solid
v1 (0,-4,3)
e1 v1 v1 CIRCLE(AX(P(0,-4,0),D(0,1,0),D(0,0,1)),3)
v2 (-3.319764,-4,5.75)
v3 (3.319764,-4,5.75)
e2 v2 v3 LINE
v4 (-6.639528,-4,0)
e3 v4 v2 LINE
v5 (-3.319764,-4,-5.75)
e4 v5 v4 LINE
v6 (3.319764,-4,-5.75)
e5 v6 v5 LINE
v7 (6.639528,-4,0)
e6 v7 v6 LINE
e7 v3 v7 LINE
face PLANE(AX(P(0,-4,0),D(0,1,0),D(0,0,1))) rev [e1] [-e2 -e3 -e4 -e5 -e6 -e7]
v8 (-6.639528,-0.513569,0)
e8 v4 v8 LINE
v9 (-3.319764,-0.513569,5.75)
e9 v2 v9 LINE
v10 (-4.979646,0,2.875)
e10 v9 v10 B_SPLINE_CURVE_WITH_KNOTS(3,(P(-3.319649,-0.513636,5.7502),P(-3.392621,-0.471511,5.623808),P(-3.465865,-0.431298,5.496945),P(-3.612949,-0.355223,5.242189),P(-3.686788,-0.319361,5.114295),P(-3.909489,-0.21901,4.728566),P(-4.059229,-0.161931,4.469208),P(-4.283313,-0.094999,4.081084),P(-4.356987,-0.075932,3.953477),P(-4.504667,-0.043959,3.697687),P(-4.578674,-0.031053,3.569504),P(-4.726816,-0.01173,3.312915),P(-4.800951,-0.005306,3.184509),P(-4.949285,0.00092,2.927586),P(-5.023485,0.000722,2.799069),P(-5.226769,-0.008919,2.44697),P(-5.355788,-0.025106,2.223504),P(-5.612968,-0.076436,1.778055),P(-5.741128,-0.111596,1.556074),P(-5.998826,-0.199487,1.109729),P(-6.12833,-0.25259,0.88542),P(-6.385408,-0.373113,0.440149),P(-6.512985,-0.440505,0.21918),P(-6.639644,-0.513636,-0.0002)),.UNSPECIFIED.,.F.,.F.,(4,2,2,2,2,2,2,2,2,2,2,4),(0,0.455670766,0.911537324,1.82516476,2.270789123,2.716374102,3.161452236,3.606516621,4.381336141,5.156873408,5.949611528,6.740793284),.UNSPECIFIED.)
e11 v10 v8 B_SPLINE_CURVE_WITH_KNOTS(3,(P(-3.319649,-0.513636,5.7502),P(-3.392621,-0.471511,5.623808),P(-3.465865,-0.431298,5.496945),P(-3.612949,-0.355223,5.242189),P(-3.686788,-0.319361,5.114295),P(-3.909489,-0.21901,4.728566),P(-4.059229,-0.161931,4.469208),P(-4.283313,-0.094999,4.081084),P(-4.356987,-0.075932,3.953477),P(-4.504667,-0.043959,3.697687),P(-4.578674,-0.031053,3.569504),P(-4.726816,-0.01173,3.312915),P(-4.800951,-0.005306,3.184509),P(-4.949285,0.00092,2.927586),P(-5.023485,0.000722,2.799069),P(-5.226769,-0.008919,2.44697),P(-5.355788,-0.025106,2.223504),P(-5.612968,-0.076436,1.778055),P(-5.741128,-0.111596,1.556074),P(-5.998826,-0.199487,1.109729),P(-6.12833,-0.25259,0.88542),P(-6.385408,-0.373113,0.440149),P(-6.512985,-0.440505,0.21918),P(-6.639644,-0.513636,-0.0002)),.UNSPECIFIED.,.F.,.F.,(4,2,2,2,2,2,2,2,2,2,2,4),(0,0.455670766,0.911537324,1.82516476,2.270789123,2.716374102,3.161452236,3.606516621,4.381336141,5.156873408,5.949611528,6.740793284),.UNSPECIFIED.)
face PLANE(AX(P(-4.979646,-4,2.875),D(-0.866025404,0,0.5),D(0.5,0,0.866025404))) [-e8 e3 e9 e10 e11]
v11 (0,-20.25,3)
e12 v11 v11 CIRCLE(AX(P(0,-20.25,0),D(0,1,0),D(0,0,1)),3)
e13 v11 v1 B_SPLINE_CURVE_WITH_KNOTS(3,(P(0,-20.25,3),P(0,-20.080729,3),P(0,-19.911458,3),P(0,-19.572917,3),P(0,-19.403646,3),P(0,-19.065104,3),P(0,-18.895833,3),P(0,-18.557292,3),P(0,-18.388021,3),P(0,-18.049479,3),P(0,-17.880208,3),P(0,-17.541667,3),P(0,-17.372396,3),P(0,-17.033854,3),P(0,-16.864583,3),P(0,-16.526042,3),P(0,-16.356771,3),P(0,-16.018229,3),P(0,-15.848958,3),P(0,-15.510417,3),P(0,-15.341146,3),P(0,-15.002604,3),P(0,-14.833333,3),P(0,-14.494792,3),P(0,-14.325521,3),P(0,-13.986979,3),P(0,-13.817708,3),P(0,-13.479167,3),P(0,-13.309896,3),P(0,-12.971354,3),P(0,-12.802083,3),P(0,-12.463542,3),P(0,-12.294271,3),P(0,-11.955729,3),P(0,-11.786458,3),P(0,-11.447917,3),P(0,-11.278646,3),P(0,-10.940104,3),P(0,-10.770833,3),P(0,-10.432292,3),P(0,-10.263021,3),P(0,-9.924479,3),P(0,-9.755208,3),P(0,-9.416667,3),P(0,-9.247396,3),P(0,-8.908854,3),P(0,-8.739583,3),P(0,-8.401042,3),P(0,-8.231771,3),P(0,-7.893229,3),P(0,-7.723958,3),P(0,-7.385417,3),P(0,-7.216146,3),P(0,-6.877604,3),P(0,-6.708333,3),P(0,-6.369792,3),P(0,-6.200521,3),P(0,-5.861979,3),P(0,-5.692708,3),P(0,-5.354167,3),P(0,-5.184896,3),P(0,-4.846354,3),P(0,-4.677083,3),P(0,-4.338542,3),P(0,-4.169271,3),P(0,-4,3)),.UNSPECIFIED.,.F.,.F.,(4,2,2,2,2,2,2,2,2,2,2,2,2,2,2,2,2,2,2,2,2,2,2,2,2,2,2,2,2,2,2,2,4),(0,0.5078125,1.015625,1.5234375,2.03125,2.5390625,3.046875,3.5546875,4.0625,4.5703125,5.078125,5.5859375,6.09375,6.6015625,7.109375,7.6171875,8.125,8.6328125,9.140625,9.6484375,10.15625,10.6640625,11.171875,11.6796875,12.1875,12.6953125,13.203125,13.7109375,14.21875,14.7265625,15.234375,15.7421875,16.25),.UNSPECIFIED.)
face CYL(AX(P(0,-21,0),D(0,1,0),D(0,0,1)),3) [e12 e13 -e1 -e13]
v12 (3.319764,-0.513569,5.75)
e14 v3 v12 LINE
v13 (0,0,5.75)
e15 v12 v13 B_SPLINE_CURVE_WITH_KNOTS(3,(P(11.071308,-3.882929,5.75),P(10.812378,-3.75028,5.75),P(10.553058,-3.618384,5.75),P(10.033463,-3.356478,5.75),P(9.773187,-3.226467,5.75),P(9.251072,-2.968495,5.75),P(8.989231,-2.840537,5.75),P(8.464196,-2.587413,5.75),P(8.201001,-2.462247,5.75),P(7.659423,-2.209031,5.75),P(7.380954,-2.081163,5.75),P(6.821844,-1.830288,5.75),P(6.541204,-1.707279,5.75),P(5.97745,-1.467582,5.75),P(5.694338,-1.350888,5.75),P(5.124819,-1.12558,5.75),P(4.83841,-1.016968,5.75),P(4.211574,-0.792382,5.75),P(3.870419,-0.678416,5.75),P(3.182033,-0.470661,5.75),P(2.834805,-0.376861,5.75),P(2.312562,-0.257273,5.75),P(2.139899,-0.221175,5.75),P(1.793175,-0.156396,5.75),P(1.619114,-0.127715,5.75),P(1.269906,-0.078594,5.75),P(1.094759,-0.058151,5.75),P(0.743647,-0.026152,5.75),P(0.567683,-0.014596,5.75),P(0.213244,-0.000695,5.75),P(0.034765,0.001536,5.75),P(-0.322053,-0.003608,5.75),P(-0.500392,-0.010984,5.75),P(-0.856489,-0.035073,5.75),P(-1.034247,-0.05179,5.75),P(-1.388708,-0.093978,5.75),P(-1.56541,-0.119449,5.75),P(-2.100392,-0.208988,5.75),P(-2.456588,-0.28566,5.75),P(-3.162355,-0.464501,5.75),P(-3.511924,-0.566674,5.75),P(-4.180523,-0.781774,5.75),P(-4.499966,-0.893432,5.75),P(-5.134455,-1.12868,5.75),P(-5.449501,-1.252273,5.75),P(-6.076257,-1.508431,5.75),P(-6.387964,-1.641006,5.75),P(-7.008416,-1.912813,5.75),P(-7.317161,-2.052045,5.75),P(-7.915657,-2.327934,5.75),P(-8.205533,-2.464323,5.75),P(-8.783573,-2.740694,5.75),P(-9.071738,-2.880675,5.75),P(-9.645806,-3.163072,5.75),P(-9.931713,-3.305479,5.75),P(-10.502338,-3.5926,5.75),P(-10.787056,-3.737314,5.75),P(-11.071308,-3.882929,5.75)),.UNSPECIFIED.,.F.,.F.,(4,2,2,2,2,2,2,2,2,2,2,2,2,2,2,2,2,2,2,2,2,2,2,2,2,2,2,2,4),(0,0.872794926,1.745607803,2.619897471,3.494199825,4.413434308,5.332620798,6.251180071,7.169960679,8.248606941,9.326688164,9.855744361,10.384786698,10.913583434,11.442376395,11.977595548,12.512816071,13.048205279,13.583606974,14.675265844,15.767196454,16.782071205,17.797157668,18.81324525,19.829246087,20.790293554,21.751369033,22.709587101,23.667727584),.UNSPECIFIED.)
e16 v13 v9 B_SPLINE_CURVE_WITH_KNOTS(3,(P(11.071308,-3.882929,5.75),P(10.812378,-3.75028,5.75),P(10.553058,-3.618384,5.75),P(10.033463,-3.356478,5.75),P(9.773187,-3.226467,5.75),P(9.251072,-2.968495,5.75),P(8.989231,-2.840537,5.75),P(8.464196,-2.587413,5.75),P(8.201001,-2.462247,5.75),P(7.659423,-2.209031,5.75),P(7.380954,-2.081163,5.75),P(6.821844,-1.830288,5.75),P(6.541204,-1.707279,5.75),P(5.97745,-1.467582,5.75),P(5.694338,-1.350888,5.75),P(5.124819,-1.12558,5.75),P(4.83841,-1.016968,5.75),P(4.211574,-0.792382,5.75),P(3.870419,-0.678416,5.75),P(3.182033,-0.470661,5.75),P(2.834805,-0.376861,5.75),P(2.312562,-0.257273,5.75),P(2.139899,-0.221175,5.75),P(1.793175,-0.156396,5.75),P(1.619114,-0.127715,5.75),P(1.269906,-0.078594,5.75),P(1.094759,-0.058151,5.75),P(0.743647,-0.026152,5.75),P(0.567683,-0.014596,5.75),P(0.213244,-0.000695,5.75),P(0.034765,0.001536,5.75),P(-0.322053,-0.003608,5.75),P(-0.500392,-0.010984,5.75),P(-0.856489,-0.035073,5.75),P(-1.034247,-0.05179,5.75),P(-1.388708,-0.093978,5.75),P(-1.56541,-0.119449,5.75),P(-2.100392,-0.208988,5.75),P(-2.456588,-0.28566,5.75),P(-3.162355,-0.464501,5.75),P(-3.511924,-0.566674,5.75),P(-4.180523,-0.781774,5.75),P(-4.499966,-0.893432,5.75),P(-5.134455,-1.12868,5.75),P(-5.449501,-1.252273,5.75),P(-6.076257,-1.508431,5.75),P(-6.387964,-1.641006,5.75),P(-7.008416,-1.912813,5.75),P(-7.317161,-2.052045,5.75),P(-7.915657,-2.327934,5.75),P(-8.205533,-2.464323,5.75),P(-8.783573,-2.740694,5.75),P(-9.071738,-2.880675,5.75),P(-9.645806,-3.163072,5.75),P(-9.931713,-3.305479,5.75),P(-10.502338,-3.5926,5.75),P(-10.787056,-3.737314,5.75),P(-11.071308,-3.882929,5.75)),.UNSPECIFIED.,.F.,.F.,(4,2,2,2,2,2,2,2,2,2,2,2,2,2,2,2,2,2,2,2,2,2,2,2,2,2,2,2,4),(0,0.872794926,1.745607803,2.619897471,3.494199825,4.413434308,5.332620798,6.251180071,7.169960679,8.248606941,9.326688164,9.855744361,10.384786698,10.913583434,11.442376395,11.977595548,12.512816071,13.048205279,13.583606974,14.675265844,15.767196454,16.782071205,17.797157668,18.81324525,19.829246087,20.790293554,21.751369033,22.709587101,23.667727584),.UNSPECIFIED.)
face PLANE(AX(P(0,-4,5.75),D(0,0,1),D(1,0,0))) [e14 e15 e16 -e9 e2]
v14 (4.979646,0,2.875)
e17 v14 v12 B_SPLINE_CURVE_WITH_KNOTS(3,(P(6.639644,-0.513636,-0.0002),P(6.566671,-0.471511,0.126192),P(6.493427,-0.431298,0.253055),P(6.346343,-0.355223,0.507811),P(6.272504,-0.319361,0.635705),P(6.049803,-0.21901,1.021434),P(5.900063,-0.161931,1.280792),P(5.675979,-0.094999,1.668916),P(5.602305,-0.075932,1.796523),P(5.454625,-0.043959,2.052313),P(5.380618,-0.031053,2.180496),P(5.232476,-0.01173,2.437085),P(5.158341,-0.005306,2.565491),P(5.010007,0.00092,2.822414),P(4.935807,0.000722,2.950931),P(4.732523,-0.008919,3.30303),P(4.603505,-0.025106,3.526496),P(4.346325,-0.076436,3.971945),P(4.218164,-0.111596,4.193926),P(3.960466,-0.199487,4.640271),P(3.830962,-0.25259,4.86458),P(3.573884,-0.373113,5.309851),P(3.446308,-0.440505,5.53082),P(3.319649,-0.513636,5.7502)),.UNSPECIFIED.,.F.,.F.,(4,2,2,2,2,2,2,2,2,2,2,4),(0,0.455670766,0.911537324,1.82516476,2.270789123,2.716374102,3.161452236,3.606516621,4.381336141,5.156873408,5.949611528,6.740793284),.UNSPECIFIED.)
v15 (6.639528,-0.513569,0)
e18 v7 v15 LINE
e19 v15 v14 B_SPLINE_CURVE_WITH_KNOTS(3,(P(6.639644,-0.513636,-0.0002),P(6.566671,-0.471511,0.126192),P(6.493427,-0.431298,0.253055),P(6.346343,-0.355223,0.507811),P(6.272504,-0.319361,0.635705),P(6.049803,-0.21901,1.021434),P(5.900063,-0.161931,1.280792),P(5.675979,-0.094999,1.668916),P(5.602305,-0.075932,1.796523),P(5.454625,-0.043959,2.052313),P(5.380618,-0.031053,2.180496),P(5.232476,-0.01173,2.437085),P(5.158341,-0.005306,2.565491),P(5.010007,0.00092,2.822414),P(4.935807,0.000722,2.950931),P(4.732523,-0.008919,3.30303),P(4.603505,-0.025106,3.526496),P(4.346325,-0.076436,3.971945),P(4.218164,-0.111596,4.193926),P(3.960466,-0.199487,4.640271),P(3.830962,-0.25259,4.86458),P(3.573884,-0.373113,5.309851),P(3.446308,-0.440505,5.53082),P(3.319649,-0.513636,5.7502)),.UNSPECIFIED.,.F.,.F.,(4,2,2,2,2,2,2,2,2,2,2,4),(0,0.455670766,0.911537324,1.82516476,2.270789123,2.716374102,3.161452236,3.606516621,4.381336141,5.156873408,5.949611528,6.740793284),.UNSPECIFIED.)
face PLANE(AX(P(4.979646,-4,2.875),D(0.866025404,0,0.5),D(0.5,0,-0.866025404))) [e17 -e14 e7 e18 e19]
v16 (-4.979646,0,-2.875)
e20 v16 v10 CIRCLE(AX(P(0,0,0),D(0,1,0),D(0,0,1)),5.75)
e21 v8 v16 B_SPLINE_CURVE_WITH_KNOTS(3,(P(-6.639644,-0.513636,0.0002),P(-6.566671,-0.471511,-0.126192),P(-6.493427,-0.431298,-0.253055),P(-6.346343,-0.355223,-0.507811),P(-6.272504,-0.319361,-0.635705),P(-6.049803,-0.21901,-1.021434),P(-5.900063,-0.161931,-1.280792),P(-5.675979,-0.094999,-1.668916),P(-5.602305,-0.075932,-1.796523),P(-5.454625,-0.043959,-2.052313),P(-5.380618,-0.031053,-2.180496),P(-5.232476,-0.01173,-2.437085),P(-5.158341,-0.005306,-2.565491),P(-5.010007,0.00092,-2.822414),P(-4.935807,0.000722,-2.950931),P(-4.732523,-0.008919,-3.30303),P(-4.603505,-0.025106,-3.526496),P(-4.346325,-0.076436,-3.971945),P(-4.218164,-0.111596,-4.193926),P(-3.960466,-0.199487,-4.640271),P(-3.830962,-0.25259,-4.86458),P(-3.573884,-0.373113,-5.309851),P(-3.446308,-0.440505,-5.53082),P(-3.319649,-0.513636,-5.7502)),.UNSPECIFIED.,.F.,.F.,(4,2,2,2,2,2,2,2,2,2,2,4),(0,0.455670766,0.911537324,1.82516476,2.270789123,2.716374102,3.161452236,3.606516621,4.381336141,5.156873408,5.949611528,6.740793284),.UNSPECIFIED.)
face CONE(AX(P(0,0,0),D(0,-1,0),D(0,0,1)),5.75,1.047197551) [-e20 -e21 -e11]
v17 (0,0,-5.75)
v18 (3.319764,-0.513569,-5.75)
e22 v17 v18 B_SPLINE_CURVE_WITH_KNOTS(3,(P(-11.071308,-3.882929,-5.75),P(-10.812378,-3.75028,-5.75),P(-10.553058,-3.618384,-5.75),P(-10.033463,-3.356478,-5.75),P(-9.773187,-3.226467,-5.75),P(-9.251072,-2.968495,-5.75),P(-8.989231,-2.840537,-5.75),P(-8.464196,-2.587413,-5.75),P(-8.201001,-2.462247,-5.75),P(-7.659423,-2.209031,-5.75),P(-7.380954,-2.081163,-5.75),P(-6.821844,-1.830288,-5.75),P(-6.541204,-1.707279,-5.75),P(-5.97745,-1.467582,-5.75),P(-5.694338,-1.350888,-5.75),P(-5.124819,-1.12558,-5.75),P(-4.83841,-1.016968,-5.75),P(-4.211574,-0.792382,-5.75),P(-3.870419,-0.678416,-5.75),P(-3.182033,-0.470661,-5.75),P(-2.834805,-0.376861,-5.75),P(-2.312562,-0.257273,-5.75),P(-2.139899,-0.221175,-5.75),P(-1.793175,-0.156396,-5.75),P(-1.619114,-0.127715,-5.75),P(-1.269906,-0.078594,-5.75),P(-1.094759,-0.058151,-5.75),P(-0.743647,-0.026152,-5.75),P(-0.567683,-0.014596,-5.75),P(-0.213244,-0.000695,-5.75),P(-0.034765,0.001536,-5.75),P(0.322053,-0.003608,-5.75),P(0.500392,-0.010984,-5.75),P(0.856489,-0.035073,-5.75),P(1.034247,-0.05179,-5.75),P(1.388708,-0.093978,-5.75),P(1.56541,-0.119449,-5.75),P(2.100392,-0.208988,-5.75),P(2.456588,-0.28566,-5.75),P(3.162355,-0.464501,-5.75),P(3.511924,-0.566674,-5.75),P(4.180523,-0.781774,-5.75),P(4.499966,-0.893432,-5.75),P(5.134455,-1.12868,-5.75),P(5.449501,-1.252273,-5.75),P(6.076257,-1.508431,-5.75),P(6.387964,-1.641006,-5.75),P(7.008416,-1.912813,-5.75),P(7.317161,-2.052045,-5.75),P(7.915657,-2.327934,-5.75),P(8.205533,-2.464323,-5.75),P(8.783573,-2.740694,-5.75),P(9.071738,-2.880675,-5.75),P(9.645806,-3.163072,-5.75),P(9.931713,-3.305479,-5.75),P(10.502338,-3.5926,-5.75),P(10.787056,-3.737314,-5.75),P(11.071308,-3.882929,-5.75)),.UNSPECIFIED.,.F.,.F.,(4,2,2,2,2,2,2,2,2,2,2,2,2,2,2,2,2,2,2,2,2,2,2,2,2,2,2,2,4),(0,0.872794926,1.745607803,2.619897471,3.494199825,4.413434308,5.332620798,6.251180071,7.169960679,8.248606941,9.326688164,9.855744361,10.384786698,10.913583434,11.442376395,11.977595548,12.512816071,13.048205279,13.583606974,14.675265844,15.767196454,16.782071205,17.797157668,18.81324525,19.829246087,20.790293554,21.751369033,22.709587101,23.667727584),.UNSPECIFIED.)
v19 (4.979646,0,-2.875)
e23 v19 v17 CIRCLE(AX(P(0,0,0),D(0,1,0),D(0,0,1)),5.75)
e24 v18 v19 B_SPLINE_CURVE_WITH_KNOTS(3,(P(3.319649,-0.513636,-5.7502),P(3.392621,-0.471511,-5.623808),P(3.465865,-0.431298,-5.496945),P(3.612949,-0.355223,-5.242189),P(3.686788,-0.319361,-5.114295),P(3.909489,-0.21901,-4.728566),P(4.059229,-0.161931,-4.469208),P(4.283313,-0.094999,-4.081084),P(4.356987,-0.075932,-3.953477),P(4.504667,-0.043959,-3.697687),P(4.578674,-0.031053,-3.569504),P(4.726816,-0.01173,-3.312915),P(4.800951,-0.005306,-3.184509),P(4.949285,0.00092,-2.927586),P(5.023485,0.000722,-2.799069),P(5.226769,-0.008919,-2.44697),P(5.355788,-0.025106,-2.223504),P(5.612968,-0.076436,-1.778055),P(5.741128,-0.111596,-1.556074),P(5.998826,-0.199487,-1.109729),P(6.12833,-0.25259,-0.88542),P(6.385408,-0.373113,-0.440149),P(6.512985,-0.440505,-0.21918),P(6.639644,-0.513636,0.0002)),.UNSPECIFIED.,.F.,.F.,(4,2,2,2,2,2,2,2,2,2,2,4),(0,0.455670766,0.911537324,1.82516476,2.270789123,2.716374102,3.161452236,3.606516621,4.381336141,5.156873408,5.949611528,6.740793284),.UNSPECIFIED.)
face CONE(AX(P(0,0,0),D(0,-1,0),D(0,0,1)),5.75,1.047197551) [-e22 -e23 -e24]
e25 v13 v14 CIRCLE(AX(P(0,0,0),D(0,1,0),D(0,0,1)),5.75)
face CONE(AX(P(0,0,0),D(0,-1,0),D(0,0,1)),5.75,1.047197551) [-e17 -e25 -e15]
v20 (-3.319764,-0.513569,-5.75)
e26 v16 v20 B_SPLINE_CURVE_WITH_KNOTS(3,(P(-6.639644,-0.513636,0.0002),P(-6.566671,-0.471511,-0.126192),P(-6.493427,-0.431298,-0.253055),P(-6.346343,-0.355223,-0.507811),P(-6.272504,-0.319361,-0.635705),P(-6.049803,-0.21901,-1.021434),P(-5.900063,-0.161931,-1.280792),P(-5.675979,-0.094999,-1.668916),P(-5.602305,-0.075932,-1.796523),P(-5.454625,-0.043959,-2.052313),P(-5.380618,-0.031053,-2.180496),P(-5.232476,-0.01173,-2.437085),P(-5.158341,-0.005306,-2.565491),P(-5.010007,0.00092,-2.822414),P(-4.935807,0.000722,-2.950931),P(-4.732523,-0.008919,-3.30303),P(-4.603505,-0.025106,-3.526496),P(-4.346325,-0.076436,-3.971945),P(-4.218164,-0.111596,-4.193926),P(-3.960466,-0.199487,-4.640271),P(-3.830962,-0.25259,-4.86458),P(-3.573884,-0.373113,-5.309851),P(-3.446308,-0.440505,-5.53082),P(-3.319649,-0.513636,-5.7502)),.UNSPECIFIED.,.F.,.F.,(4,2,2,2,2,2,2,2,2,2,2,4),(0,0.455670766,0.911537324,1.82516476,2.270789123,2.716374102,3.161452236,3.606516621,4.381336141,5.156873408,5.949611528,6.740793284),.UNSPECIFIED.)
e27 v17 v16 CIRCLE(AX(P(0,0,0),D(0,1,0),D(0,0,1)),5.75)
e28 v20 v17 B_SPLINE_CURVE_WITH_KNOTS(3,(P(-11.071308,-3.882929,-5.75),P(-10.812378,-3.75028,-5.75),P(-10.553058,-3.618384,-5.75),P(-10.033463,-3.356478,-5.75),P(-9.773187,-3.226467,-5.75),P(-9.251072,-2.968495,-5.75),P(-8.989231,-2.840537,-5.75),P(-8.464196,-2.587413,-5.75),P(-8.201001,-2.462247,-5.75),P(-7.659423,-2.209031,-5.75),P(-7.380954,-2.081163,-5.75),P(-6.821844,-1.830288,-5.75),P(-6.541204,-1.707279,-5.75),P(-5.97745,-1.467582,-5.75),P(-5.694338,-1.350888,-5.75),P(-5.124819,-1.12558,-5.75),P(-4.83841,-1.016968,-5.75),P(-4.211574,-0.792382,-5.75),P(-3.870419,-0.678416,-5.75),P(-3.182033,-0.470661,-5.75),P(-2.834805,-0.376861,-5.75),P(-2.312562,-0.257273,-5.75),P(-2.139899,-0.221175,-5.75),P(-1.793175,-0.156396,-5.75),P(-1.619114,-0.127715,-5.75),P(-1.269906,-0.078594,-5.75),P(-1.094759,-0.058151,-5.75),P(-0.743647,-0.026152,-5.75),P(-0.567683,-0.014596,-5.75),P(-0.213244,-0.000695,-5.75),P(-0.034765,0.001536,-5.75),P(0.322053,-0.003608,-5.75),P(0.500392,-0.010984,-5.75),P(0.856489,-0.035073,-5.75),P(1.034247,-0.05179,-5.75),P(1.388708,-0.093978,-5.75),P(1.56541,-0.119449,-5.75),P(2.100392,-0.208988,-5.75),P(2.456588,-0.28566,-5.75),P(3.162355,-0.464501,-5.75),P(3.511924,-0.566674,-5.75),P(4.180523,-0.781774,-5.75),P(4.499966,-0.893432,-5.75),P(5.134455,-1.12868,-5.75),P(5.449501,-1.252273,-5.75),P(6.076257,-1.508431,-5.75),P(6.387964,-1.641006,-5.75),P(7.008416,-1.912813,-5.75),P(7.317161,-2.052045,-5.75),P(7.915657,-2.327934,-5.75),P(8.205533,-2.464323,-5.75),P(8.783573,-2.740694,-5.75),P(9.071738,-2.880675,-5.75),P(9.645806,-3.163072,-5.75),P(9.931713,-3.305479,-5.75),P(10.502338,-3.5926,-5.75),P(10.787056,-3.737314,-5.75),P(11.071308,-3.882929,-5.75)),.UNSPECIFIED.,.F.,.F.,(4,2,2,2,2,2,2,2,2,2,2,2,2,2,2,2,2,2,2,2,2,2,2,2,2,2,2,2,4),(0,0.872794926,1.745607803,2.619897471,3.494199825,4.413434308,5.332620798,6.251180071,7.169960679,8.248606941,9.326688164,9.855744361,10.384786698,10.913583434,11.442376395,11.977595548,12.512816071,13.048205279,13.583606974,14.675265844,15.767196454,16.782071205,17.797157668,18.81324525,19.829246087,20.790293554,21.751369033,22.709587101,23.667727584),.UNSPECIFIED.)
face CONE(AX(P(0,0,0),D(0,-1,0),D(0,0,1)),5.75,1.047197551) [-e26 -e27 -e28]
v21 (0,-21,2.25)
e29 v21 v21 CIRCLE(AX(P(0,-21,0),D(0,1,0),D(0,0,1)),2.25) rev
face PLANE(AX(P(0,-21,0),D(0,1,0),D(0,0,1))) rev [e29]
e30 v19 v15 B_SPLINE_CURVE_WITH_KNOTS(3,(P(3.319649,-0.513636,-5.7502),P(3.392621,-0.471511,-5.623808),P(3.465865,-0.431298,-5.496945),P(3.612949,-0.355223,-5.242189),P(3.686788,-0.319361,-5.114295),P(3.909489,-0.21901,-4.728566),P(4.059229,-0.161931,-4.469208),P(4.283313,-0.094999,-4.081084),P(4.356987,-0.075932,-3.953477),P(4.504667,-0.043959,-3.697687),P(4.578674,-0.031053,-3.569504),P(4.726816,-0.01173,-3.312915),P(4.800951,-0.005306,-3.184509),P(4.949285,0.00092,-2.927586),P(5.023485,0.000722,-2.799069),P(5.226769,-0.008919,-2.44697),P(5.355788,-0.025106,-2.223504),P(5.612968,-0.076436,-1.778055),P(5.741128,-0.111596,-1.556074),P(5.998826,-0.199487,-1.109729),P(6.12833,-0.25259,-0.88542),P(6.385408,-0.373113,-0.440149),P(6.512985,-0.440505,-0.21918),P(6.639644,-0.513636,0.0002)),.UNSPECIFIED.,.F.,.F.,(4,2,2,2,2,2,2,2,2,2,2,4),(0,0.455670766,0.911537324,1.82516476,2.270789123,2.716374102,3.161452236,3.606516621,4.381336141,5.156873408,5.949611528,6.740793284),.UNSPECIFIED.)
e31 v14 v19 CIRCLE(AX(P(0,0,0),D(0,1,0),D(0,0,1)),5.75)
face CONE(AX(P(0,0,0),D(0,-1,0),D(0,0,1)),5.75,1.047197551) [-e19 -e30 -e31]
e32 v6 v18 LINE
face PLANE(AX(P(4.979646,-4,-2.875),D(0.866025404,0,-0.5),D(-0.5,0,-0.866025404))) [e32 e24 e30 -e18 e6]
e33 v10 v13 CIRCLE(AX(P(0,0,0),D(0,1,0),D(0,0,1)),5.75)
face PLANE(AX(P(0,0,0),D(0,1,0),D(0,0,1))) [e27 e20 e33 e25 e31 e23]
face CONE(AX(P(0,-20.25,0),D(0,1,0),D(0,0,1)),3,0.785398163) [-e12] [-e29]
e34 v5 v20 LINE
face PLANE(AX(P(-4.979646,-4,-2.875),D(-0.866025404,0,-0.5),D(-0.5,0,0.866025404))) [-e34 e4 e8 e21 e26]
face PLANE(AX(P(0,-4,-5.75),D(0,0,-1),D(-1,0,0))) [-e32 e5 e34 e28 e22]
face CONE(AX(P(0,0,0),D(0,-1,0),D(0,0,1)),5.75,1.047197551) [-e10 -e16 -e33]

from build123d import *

# Parameters (mm, degrees)
BOSS_EXTRUDE2_DEPTH = 4
SKETCH1_7_R         = 3
BOSS_EXTRUDE3_DEPTH = 21
CHAMFER2_SIZE       = 0.75
SKETCH3_OUTSIDE_W   = 93.502
SKETCH3_OUTSIDE_H   = 91.722
SKETCH3_OUTSIDE_R   = 5.75
CUT_EXTRUDE1_DEPTH  = 21
CUT_EXTRUDE1_DRAFT  = -60


with BuildPart() as part:
    # Sketch1 → Boss-Extrude2 (new body)
    with BuildSketch(Plane(origin=(0, 0, 0), x_dir=(1, 0, 0), z_dir=(0, 1, 0))):
        Polygon((3.319764048, -5.75), (6.639528096, 0), (3.319764048, 5.75), (-3.319764048, 5.75), (-6.639528096, 0), (-3.319764048, -5.75), align=None)
    extrude(amount=-BOSS_EXTRUDE2_DEPTH)

    # Sketch1<7> → Boss-Extrude3 (add)
    with BuildSketch(Plane(origin=(0, 0, 0), x_dir=(1, 0, 0), z_dir=(0, 1, 0))):
        Circle(SKETCH1_7_R)
    extrude(amount=-BOSS_EXTRUDE3_DEPTH)

    # Chamfer2
    chamfer2_edges = [part.edges().sort_by_distance(p)[0] for p in [
        (-3, -21, 0),
    ]]
    chamfer(chamfer2_edges, length=CHAMFER2_SIZE)


with BuildPart() as cut_extrude1_tool:
    # Sketch3 outside → Cut-Extrude1 (with draft: the straight prism first)
    with BuildSketch(Plane(origin=(0, 0, 0), x_dir=(1, 0, 0), z_dir=(0, 1, 0))):
        Rectangle(SKETCH3_OUTSIDE_W, SKETCH3_OUTSIDE_H)
        Circle(SKETCH3_OUTSIDE_R, mode=Mode.SUBTRACT)
    extrude(amount=-CUT_EXTRUDE1_DEPTH)
    # Cut-Extrude1: the draft: its side faces are tilted about the plane it starts from
    cut_extrude1_sides = [cut_extrude1_tool.faces().sort_by_distance(p)[0] for p in [
        (0, -10.5, 45.861),
        (46.751, -10.5, 0),
        (0, -10.5, -45.861),
        (-46.751, -10.5, 0),
        (-5.75, -10.5, 0),
    ]]
    draft(cut_extrude1_sides, Plane(origin=(0, 0, 0), x_dir=(1, 0, 0), z_dir=(0, 1, 0)), CUT_EXTRUDE1_DRAFT)


with BuildPart() as part_1:
    add(part.part)

    # Cut-Extrude1: cut by cut_extrude1_tool
    add(cut_extrude1_tool.part, mode=Mode.SUBTRACT)


solid = part_1.part
